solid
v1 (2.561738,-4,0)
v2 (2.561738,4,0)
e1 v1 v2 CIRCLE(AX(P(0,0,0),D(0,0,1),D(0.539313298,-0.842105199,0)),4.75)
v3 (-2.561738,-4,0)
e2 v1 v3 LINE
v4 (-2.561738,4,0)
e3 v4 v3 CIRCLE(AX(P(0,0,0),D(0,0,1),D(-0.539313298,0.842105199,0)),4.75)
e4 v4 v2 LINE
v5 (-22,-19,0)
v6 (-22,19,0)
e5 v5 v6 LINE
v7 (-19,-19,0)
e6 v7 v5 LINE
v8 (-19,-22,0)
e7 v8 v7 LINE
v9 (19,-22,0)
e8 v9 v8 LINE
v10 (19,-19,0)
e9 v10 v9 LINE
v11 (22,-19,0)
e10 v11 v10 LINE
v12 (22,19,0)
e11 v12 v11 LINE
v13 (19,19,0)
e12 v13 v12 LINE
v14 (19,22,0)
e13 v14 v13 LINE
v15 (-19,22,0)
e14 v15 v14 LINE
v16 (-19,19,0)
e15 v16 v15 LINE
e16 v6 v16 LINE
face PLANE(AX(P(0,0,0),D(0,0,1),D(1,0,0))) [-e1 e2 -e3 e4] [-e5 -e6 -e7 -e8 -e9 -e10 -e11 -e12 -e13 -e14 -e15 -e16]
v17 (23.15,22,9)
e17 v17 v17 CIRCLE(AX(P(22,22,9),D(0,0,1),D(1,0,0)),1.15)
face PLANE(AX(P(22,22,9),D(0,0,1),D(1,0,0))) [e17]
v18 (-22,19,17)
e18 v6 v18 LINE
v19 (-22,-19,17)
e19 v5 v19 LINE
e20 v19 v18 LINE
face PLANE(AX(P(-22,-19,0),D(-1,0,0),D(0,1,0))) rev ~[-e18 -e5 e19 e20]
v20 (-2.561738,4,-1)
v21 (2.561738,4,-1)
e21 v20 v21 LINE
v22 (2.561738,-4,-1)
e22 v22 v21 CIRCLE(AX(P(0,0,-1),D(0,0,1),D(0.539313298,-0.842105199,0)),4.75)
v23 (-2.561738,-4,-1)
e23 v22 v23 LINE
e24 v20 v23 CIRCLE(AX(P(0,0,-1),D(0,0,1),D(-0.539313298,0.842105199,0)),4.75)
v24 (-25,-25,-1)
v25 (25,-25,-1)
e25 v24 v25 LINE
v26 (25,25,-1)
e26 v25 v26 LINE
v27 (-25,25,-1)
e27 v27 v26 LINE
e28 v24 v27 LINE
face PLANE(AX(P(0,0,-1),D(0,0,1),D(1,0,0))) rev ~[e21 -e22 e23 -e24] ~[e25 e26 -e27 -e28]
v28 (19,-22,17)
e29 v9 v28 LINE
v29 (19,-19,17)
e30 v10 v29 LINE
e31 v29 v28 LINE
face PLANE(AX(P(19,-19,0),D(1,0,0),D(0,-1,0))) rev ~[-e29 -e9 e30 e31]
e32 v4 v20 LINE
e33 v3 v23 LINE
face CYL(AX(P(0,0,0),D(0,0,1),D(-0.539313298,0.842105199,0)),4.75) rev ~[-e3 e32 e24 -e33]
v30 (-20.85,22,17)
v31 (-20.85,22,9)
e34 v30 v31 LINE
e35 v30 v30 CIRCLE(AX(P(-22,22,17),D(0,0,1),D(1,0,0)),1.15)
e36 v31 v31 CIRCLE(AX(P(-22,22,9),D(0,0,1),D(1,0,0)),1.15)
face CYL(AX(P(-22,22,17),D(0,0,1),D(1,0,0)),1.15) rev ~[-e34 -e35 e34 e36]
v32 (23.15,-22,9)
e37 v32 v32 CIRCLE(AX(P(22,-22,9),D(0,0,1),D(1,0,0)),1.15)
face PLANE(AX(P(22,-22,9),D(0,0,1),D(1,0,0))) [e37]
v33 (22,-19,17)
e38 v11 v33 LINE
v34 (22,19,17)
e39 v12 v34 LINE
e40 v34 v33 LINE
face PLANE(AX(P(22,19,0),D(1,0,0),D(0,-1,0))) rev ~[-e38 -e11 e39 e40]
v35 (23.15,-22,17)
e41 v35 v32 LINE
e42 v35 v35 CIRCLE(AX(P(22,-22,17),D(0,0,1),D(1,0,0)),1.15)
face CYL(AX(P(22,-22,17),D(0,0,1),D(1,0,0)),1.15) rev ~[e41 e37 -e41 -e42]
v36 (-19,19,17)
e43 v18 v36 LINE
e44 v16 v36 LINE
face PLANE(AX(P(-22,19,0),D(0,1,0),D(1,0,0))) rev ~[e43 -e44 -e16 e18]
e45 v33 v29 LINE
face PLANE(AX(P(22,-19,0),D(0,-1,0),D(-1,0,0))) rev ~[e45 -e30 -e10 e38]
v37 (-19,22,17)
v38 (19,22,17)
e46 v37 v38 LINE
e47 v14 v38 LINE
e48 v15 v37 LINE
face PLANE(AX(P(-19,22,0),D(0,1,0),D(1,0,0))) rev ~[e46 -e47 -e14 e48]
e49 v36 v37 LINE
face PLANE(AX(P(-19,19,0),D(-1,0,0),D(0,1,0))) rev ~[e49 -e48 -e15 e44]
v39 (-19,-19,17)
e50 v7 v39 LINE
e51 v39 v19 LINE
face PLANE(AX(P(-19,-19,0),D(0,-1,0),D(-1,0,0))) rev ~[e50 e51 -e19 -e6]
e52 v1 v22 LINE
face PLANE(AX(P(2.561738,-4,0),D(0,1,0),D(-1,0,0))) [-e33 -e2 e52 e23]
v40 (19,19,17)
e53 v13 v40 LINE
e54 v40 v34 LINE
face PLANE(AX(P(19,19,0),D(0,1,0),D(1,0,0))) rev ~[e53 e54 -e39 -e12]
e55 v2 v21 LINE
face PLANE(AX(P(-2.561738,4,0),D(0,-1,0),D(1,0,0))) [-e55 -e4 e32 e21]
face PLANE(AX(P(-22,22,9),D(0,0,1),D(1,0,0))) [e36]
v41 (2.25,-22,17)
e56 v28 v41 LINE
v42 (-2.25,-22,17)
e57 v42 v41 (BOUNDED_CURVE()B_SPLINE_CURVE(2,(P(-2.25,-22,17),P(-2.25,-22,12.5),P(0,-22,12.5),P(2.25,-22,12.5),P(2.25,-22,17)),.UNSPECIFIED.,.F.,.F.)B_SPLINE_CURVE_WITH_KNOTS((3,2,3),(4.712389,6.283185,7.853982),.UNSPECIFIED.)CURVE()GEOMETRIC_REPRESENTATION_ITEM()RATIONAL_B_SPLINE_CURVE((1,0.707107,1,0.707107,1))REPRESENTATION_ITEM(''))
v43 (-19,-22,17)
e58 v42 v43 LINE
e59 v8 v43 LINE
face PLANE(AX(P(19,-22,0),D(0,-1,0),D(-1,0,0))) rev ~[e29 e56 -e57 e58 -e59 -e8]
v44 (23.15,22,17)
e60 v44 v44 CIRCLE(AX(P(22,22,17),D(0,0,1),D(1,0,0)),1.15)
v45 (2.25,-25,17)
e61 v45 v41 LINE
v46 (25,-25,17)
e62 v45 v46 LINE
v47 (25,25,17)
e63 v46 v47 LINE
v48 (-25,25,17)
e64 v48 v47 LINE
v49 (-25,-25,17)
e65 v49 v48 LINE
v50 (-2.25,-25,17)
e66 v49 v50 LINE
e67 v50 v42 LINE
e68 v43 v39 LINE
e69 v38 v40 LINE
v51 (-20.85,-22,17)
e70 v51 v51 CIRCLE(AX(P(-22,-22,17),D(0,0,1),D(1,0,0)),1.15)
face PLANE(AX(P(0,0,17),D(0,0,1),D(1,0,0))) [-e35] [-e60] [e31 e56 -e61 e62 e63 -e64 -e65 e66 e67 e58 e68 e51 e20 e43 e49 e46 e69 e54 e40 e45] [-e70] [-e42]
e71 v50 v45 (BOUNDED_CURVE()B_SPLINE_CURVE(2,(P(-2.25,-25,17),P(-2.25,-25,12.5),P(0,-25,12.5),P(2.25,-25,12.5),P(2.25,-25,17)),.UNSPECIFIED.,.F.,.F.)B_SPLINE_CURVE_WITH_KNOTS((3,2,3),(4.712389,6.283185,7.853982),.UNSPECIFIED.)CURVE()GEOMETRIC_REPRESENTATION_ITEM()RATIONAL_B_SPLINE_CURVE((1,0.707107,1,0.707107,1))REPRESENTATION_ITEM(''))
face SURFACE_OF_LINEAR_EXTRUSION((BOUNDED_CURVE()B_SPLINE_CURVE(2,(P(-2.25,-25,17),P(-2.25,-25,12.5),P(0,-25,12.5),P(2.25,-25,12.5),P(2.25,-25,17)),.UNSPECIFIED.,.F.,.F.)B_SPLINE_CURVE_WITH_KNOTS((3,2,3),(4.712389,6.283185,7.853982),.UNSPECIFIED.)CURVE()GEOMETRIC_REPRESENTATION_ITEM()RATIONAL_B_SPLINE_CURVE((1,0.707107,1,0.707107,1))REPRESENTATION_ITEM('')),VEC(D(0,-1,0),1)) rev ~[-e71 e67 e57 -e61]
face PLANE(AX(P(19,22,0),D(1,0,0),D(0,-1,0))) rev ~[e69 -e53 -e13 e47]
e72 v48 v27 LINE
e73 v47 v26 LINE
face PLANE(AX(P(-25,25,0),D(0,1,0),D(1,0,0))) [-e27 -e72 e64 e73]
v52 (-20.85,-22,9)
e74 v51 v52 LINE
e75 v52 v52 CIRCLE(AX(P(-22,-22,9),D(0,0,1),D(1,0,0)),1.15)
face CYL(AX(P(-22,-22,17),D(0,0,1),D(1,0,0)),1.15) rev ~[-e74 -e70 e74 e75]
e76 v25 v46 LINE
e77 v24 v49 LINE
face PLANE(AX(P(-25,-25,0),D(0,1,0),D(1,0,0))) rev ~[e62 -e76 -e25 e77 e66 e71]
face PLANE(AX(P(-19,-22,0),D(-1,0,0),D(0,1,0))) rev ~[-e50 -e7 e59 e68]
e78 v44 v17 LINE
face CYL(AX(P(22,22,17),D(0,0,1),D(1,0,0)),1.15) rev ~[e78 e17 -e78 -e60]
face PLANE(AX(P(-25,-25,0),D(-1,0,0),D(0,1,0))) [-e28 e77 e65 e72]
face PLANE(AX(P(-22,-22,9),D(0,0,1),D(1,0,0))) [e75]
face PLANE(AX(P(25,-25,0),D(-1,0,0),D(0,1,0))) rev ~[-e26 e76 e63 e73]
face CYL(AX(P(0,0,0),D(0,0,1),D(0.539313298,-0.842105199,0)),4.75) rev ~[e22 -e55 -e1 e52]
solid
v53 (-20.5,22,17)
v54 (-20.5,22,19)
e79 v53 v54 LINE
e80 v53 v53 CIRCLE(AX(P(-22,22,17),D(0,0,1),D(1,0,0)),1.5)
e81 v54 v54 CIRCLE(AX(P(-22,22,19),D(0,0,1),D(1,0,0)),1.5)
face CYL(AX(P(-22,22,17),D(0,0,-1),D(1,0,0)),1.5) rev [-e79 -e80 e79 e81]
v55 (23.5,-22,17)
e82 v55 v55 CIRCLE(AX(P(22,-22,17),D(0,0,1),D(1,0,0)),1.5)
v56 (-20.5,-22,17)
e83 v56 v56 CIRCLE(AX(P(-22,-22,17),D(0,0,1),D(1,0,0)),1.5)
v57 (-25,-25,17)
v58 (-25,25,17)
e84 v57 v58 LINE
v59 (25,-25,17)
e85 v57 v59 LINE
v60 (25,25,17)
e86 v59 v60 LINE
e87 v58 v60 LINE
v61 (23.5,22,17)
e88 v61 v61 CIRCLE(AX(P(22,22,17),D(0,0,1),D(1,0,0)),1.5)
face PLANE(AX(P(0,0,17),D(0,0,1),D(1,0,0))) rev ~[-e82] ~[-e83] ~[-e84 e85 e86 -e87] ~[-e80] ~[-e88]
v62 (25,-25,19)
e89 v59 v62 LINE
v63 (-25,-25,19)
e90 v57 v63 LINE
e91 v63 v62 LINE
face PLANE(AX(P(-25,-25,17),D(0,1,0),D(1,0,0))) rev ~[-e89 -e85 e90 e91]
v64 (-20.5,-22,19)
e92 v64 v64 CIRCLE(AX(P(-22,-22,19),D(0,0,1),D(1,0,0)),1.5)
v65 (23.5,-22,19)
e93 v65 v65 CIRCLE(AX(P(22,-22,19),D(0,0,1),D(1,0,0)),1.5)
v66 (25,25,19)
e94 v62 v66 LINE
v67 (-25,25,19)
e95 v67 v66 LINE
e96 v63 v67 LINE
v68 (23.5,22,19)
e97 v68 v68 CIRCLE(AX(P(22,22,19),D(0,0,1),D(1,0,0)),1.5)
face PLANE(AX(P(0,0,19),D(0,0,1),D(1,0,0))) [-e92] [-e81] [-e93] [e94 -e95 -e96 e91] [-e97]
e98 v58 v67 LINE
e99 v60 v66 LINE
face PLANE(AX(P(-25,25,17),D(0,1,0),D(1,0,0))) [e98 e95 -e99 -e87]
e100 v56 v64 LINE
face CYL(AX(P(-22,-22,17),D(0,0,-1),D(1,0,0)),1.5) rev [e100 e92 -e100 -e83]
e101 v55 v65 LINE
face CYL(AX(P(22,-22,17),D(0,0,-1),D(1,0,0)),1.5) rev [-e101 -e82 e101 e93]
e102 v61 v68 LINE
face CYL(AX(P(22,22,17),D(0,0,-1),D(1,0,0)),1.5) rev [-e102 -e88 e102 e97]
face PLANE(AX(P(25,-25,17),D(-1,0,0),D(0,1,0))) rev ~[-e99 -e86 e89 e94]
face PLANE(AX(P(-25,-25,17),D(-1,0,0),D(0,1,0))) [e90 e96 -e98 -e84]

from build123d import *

# Parameters (mm, degrees)
SKETCH_W        = 50
SKETCH_H        = 50
PAD_DEPTH       = 1
SKETCH001_W     = 50
SKETCH001_H     = 50
PAD001_DEPTH    = 17
SKETCH002_R     = 1.15
POCKET_DEPTH    = 8
POCKET001_DEPTH = 3
SKETCH004_W     = 50
SKETCH004_H     = 50
SKETCH004_R     = 1.5
PAD002_DEPTH    = 2


with BuildPart() as main_box:
    # Sketch → Pad (new body)
    with BuildSketch(Plane.XY):
        Rectangle(SKETCH_W, SKETCH_H)
        with BuildLine():
            ThreePointArc((-2.561738, 4), (-4.75, 0), (-2.561738, -4))
            Line((2.561738, -4), (-2.561738, -4))
            ThreePointArc((2.561738, -4), (4.75, 0), (2.561738, 4))
            Line((-2.561738, 4), (2.561738, 4))
        make_face(mode=Mode.SUBTRACT)
    extrude(amount=-PAD_DEPTH)

    # Sketch001 → Pad001 (join)
    with BuildSketch(Plane.XY):
        Rectangle(SKETCH001_W, SKETCH001_H)
        Polygon((-19, 22), (19, 22), (19, 19), (22, 19), (22, -19), (19, -19), (19, -22), (-19, -22), (-19, -19), (-22, -19), (-22, 19), (-19, 19), align=None, mode=Mode.SUBTRACT)
    extrude(amount=PAD001_DEPTH)

    # Sketch002 (on Face9 of Pad001) → Pocket (cut)
    with BuildSketch(Plane.XY.offset(17)):
        with Locations((-22, 22)):
            Circle(SKETCH002_R)
        with Locations((22, 22)):
            Circle(SKETCH002_R)
        with Locations((-22, -22)):
            Circle(SKETCH002_R)
        with Locations((22, -22)):
            Circle(SKETCH002_R)
    extrude(amount=-POCKET_DEPTH, mode=Mode.SUBTRACT)

    # Sketch003 (on Face14 of Pocket) → Pocket001 (cut)
    with BuildSketch(Plane.XZ.offset(25)):
        with BuildLine():
            add(Edge.make_bspline(
                [(-2.25, 17), (-2.25, 12.5), (0, 12.5), (2.25, 12.5), (2.25, 17)],
                knots=[4.712389, 4.712389, 4.712389, 6.283185, 6.283185, 7.853982, 7.853982, 7.853982], degree=2, weights=[1, 0.707107, 1, 0.707107, 1]))
            Line((2.25, 17), (-2.25, 17))
        make_face()
    extrude(amount=-POCKET001_DEPTH, mode=Mode.SUBTRACT)


with BuildPart() as cover:
    # Sketch004 → Pad002 (new body)
    with BuildSketch(Plane.XY.offset(17)):
        Rectangle(SKETCH004_W, SKETCH004_H)
        with Locations((-22, 22)):
            Circle(SKETCH004_R, mode=Mode.SUBTRACT)
        with Locations((22, 22)):
            Circle(SKETCH004_R, mode=Mode.SUBTRACT)
        with Locations((22, -22)):
            Circle(SKETCH004_R, mode=Mode.SUBTRACT)
        with Locations((-22, -22)):
            Circle(SKETCH004_R, mode=Mode.SUBTRACT)
    extrude(amount=PAD002_DEPTH)


solid = Compound([main_box.part, cover.part])
